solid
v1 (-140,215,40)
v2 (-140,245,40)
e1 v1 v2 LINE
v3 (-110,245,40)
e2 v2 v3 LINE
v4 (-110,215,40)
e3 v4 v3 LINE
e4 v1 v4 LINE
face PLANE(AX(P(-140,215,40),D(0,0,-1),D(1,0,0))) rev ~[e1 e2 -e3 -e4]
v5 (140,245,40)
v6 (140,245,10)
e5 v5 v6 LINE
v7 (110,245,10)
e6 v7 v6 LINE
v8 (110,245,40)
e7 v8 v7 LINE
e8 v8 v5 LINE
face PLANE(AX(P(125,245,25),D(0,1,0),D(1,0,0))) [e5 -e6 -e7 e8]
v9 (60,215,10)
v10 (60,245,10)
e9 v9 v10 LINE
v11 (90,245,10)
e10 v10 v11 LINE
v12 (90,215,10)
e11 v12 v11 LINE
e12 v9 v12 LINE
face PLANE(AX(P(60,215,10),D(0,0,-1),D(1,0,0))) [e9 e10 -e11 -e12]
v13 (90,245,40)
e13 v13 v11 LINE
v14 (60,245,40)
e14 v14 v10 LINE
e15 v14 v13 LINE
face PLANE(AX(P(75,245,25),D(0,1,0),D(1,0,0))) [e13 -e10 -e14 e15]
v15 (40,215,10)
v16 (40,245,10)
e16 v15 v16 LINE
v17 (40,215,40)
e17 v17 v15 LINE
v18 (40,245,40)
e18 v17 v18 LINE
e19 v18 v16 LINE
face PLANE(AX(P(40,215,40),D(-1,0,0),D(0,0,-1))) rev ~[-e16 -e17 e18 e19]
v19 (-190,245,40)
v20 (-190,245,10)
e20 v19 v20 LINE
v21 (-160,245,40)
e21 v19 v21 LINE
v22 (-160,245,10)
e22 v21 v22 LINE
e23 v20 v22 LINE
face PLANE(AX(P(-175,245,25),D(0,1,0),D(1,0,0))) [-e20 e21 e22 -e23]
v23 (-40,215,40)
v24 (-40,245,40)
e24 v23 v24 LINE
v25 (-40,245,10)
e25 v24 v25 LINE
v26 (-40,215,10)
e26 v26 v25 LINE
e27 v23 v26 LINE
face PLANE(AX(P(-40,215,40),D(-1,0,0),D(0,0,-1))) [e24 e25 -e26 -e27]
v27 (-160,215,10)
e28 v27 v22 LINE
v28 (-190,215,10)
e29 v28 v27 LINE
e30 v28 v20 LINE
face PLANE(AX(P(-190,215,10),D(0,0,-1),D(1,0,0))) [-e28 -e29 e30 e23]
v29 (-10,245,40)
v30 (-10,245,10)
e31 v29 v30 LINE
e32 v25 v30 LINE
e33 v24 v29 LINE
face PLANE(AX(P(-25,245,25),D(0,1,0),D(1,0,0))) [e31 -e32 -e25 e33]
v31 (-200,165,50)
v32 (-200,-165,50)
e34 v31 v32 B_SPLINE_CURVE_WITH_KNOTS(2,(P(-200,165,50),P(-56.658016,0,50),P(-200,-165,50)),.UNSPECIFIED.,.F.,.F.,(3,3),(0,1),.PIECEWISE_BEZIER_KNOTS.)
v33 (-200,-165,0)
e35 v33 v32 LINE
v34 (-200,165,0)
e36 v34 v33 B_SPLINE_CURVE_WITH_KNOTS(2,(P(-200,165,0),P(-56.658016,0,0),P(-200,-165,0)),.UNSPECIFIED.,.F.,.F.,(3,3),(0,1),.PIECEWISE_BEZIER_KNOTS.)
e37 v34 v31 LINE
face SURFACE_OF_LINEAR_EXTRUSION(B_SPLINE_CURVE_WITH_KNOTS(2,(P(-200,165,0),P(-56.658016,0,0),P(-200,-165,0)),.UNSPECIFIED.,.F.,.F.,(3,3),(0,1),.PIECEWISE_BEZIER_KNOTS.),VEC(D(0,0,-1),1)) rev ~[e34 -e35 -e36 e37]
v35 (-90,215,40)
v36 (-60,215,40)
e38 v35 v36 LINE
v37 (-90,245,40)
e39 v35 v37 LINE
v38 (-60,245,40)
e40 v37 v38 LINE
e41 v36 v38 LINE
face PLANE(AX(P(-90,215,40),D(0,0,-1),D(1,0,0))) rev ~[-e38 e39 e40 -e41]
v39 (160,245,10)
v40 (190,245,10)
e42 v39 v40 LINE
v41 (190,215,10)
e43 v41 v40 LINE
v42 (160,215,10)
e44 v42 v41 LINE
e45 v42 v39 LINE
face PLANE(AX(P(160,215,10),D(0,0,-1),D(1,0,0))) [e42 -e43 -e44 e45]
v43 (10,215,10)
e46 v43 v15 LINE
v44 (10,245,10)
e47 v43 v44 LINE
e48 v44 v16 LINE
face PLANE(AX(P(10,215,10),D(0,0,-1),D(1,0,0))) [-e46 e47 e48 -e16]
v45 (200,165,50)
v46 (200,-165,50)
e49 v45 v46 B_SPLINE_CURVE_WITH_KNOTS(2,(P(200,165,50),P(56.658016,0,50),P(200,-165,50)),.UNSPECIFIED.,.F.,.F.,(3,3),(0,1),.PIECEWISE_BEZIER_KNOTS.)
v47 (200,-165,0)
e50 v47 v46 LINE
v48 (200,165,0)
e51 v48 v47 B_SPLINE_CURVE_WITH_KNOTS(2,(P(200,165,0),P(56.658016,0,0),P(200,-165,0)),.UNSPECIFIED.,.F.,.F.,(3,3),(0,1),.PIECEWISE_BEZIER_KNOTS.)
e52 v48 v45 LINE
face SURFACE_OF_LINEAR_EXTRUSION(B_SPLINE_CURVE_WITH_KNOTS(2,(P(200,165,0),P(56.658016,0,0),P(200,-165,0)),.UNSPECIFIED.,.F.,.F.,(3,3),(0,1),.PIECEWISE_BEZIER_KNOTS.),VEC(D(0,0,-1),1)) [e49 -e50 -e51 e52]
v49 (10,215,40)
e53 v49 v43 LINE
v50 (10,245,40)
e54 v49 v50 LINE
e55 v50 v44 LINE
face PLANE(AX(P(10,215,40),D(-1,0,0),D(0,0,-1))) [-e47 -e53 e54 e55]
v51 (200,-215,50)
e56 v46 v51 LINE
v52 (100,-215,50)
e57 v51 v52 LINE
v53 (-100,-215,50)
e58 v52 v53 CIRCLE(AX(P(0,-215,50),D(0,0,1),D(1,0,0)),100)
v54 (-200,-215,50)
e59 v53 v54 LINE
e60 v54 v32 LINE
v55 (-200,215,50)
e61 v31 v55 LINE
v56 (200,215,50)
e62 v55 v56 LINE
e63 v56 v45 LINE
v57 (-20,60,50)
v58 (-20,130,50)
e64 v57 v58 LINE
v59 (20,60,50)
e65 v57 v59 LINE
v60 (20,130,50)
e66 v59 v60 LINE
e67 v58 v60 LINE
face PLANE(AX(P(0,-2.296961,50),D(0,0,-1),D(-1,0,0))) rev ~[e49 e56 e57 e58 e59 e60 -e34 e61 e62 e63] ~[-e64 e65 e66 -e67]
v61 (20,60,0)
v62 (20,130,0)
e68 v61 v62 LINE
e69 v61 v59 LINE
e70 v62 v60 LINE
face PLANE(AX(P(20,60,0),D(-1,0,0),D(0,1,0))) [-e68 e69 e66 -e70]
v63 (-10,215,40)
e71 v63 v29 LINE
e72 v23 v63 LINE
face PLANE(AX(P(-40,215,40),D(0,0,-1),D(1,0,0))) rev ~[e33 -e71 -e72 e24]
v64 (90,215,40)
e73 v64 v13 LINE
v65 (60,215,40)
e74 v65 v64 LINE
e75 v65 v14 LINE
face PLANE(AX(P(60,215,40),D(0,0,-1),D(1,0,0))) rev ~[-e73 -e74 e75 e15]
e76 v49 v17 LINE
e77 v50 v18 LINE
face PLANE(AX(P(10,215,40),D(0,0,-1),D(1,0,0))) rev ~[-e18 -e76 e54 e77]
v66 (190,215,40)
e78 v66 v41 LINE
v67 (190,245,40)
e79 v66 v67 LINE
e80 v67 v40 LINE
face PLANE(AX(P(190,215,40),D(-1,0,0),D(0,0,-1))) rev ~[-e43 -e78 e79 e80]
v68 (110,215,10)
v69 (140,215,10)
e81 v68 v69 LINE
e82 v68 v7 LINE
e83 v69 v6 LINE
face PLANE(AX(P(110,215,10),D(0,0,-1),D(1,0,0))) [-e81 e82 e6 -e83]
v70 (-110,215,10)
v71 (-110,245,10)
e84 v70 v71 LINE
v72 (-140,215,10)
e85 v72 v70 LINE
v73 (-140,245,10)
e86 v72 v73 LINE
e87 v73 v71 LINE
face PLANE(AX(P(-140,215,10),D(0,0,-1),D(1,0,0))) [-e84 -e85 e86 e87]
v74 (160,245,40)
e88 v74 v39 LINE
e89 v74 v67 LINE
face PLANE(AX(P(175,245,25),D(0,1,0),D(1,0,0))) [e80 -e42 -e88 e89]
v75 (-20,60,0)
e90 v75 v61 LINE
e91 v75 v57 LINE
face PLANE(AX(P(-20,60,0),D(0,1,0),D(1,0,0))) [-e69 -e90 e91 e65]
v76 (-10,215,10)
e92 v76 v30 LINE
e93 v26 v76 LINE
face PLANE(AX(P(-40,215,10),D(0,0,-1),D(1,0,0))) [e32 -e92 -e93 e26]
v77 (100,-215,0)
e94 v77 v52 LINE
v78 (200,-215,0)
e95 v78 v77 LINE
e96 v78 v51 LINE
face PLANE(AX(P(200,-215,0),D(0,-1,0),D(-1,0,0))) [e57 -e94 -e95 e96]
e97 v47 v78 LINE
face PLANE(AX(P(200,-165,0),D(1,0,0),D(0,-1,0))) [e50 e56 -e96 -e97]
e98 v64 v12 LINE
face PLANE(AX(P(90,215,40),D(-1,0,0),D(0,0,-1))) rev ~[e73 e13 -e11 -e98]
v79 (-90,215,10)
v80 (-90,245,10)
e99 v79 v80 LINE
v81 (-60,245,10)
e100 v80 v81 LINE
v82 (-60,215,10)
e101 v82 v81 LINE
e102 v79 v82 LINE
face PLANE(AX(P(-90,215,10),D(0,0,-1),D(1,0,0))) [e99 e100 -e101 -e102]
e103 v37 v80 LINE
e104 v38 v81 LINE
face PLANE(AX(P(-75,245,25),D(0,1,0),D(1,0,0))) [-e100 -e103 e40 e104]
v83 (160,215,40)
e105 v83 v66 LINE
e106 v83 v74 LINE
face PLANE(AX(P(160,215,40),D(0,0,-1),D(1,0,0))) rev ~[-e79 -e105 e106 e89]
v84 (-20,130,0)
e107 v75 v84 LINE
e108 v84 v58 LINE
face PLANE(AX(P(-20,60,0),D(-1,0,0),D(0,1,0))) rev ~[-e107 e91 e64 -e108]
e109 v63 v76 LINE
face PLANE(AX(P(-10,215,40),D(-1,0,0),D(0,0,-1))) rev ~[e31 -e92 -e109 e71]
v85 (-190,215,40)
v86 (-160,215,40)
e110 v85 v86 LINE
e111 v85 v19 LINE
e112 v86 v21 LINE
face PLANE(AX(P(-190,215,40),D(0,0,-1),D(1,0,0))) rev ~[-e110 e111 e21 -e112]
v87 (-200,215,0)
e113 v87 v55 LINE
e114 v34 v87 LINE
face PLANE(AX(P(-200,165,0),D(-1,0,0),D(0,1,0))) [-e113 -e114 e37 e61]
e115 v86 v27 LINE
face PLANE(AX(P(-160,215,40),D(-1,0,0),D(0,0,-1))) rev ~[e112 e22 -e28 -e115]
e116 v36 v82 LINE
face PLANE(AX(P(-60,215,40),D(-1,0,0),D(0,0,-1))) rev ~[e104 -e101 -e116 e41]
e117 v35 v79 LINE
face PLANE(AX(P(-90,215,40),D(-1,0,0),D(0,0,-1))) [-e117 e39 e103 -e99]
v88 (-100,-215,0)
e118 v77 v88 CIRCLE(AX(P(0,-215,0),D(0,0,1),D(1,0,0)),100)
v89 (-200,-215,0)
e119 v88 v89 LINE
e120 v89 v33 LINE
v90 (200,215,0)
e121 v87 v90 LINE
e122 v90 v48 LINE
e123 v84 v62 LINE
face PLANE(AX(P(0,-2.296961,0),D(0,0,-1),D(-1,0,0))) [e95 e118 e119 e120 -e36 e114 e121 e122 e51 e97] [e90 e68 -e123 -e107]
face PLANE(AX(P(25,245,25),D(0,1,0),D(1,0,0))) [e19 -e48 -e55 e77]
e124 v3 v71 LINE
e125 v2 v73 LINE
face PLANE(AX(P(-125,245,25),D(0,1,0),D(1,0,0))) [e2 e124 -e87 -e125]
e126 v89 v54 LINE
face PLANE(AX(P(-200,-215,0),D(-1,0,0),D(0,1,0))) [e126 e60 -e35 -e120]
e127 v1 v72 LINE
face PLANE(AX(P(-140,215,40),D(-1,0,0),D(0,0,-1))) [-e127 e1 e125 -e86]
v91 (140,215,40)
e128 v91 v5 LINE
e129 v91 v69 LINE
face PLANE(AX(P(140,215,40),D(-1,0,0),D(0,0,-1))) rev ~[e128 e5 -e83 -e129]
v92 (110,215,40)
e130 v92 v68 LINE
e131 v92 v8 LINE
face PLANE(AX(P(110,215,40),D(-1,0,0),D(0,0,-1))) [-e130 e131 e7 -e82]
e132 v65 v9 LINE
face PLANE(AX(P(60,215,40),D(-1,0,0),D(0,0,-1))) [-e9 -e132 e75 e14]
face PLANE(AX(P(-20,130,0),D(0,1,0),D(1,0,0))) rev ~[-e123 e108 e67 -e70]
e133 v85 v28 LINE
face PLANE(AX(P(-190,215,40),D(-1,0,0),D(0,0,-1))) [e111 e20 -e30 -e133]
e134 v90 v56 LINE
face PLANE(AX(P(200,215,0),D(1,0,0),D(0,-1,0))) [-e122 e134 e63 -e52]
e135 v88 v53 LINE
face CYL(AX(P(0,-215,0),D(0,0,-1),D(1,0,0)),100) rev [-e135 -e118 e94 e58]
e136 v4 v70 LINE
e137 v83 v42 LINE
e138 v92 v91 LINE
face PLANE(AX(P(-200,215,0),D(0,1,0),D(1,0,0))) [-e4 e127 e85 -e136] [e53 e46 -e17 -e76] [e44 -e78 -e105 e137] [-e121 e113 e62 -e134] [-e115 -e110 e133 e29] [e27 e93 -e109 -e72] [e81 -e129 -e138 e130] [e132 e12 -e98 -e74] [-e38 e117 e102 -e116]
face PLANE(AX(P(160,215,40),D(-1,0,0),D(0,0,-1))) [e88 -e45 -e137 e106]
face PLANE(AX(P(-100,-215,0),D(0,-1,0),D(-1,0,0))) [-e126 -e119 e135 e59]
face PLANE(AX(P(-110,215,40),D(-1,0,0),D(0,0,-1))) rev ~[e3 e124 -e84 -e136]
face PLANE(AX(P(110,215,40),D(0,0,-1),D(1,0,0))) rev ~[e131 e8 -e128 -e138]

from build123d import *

# Parameters (mm, degrees)
SKETCH_1_W      = 40
SKETCH_1_H      = 70
EXTRUDE_3_DEPTH = 50
SKETCH_6_W      = 30
SKETCH_6_H      = 30
EXTRUDE_6_DEPTH = 30


with BuildPart() as part:
    # Эскиз1 → Бобышка-Вытянуть3 (new body)
    with BuildSketch(Plane.XY):
        with BuildLine():
            Line((-100, -215), (-200, -215))
            Line((-200, -215), (-200, -165))
            add(Edge.make_bspline(
                [(-200, 165), (-56.658015908, 0), (-200, -165)],
                knots=[0, 0, 0, 1, 1, 1], degree=2))
            Line((-200, 165), (-200, 215))
            Line((-200, 215), (0, 215))
            Line((0, 215), (200, 215))
            Line((200, 215), (200, 165))
            add(Edge.make_bspline(
                [(200, 165), (56.658015908, 0), (200, -165)],
                knots=[0, 0, 0, 1, 1, 1], degree=2))
            Line((200, -165), (200, -215))
            Line((200, -215), (100, -215))
            ThreePointArc((100, -215), (0, -115), (-100, -215))
        make_face()
        with Locations((0, 95)):
            Rectangle(SKETCH_1_W, SKETCH_1_H, mode=Mode.SUBTRACT)
    extrude(amount=EXTRUDE_3_DEPTH)

    # Эскиз6 → Бобышка-Вытянуть6 (add)
    with BuildSketch(Plane(origin=(0, 215, 0), x_dir=(1, 0, 0), z_dir=(0, 1, 0))):
        with Locations((-175, -25)):
            Rectangle(SKETCH_6_W, SKETCH_6_H)
        with Locations((-125, -25)):
            Rectangle(SKETCH_6_W, SKETCH_6_H)
        with Locations((-75, -25)):
            Rectangle(SKETCH_6_W, SKETCH_6_H)
        with Locations((-25, -25)):
            Rectangle(SKETCH_6_W, SKETCH_6_H)
        with Locations((25, -25)):
            Rectangle(SKETCH_6_W, SKETCH_6_H)
        with Locations((75, -25)):
            Rectangle(SKETCH_6_W, SKETCH_6_H)
        with Locations((125, -25)):
            Rectangle(SKETCH_6_W, SKETCH_6_H)
        with Locations((175, -25)):
            Rectangle(SKETCH_6_W, SKETCH_6_H)
    extrude(amount=EXTRUDE_6_DEPTH)


solid = part.part
